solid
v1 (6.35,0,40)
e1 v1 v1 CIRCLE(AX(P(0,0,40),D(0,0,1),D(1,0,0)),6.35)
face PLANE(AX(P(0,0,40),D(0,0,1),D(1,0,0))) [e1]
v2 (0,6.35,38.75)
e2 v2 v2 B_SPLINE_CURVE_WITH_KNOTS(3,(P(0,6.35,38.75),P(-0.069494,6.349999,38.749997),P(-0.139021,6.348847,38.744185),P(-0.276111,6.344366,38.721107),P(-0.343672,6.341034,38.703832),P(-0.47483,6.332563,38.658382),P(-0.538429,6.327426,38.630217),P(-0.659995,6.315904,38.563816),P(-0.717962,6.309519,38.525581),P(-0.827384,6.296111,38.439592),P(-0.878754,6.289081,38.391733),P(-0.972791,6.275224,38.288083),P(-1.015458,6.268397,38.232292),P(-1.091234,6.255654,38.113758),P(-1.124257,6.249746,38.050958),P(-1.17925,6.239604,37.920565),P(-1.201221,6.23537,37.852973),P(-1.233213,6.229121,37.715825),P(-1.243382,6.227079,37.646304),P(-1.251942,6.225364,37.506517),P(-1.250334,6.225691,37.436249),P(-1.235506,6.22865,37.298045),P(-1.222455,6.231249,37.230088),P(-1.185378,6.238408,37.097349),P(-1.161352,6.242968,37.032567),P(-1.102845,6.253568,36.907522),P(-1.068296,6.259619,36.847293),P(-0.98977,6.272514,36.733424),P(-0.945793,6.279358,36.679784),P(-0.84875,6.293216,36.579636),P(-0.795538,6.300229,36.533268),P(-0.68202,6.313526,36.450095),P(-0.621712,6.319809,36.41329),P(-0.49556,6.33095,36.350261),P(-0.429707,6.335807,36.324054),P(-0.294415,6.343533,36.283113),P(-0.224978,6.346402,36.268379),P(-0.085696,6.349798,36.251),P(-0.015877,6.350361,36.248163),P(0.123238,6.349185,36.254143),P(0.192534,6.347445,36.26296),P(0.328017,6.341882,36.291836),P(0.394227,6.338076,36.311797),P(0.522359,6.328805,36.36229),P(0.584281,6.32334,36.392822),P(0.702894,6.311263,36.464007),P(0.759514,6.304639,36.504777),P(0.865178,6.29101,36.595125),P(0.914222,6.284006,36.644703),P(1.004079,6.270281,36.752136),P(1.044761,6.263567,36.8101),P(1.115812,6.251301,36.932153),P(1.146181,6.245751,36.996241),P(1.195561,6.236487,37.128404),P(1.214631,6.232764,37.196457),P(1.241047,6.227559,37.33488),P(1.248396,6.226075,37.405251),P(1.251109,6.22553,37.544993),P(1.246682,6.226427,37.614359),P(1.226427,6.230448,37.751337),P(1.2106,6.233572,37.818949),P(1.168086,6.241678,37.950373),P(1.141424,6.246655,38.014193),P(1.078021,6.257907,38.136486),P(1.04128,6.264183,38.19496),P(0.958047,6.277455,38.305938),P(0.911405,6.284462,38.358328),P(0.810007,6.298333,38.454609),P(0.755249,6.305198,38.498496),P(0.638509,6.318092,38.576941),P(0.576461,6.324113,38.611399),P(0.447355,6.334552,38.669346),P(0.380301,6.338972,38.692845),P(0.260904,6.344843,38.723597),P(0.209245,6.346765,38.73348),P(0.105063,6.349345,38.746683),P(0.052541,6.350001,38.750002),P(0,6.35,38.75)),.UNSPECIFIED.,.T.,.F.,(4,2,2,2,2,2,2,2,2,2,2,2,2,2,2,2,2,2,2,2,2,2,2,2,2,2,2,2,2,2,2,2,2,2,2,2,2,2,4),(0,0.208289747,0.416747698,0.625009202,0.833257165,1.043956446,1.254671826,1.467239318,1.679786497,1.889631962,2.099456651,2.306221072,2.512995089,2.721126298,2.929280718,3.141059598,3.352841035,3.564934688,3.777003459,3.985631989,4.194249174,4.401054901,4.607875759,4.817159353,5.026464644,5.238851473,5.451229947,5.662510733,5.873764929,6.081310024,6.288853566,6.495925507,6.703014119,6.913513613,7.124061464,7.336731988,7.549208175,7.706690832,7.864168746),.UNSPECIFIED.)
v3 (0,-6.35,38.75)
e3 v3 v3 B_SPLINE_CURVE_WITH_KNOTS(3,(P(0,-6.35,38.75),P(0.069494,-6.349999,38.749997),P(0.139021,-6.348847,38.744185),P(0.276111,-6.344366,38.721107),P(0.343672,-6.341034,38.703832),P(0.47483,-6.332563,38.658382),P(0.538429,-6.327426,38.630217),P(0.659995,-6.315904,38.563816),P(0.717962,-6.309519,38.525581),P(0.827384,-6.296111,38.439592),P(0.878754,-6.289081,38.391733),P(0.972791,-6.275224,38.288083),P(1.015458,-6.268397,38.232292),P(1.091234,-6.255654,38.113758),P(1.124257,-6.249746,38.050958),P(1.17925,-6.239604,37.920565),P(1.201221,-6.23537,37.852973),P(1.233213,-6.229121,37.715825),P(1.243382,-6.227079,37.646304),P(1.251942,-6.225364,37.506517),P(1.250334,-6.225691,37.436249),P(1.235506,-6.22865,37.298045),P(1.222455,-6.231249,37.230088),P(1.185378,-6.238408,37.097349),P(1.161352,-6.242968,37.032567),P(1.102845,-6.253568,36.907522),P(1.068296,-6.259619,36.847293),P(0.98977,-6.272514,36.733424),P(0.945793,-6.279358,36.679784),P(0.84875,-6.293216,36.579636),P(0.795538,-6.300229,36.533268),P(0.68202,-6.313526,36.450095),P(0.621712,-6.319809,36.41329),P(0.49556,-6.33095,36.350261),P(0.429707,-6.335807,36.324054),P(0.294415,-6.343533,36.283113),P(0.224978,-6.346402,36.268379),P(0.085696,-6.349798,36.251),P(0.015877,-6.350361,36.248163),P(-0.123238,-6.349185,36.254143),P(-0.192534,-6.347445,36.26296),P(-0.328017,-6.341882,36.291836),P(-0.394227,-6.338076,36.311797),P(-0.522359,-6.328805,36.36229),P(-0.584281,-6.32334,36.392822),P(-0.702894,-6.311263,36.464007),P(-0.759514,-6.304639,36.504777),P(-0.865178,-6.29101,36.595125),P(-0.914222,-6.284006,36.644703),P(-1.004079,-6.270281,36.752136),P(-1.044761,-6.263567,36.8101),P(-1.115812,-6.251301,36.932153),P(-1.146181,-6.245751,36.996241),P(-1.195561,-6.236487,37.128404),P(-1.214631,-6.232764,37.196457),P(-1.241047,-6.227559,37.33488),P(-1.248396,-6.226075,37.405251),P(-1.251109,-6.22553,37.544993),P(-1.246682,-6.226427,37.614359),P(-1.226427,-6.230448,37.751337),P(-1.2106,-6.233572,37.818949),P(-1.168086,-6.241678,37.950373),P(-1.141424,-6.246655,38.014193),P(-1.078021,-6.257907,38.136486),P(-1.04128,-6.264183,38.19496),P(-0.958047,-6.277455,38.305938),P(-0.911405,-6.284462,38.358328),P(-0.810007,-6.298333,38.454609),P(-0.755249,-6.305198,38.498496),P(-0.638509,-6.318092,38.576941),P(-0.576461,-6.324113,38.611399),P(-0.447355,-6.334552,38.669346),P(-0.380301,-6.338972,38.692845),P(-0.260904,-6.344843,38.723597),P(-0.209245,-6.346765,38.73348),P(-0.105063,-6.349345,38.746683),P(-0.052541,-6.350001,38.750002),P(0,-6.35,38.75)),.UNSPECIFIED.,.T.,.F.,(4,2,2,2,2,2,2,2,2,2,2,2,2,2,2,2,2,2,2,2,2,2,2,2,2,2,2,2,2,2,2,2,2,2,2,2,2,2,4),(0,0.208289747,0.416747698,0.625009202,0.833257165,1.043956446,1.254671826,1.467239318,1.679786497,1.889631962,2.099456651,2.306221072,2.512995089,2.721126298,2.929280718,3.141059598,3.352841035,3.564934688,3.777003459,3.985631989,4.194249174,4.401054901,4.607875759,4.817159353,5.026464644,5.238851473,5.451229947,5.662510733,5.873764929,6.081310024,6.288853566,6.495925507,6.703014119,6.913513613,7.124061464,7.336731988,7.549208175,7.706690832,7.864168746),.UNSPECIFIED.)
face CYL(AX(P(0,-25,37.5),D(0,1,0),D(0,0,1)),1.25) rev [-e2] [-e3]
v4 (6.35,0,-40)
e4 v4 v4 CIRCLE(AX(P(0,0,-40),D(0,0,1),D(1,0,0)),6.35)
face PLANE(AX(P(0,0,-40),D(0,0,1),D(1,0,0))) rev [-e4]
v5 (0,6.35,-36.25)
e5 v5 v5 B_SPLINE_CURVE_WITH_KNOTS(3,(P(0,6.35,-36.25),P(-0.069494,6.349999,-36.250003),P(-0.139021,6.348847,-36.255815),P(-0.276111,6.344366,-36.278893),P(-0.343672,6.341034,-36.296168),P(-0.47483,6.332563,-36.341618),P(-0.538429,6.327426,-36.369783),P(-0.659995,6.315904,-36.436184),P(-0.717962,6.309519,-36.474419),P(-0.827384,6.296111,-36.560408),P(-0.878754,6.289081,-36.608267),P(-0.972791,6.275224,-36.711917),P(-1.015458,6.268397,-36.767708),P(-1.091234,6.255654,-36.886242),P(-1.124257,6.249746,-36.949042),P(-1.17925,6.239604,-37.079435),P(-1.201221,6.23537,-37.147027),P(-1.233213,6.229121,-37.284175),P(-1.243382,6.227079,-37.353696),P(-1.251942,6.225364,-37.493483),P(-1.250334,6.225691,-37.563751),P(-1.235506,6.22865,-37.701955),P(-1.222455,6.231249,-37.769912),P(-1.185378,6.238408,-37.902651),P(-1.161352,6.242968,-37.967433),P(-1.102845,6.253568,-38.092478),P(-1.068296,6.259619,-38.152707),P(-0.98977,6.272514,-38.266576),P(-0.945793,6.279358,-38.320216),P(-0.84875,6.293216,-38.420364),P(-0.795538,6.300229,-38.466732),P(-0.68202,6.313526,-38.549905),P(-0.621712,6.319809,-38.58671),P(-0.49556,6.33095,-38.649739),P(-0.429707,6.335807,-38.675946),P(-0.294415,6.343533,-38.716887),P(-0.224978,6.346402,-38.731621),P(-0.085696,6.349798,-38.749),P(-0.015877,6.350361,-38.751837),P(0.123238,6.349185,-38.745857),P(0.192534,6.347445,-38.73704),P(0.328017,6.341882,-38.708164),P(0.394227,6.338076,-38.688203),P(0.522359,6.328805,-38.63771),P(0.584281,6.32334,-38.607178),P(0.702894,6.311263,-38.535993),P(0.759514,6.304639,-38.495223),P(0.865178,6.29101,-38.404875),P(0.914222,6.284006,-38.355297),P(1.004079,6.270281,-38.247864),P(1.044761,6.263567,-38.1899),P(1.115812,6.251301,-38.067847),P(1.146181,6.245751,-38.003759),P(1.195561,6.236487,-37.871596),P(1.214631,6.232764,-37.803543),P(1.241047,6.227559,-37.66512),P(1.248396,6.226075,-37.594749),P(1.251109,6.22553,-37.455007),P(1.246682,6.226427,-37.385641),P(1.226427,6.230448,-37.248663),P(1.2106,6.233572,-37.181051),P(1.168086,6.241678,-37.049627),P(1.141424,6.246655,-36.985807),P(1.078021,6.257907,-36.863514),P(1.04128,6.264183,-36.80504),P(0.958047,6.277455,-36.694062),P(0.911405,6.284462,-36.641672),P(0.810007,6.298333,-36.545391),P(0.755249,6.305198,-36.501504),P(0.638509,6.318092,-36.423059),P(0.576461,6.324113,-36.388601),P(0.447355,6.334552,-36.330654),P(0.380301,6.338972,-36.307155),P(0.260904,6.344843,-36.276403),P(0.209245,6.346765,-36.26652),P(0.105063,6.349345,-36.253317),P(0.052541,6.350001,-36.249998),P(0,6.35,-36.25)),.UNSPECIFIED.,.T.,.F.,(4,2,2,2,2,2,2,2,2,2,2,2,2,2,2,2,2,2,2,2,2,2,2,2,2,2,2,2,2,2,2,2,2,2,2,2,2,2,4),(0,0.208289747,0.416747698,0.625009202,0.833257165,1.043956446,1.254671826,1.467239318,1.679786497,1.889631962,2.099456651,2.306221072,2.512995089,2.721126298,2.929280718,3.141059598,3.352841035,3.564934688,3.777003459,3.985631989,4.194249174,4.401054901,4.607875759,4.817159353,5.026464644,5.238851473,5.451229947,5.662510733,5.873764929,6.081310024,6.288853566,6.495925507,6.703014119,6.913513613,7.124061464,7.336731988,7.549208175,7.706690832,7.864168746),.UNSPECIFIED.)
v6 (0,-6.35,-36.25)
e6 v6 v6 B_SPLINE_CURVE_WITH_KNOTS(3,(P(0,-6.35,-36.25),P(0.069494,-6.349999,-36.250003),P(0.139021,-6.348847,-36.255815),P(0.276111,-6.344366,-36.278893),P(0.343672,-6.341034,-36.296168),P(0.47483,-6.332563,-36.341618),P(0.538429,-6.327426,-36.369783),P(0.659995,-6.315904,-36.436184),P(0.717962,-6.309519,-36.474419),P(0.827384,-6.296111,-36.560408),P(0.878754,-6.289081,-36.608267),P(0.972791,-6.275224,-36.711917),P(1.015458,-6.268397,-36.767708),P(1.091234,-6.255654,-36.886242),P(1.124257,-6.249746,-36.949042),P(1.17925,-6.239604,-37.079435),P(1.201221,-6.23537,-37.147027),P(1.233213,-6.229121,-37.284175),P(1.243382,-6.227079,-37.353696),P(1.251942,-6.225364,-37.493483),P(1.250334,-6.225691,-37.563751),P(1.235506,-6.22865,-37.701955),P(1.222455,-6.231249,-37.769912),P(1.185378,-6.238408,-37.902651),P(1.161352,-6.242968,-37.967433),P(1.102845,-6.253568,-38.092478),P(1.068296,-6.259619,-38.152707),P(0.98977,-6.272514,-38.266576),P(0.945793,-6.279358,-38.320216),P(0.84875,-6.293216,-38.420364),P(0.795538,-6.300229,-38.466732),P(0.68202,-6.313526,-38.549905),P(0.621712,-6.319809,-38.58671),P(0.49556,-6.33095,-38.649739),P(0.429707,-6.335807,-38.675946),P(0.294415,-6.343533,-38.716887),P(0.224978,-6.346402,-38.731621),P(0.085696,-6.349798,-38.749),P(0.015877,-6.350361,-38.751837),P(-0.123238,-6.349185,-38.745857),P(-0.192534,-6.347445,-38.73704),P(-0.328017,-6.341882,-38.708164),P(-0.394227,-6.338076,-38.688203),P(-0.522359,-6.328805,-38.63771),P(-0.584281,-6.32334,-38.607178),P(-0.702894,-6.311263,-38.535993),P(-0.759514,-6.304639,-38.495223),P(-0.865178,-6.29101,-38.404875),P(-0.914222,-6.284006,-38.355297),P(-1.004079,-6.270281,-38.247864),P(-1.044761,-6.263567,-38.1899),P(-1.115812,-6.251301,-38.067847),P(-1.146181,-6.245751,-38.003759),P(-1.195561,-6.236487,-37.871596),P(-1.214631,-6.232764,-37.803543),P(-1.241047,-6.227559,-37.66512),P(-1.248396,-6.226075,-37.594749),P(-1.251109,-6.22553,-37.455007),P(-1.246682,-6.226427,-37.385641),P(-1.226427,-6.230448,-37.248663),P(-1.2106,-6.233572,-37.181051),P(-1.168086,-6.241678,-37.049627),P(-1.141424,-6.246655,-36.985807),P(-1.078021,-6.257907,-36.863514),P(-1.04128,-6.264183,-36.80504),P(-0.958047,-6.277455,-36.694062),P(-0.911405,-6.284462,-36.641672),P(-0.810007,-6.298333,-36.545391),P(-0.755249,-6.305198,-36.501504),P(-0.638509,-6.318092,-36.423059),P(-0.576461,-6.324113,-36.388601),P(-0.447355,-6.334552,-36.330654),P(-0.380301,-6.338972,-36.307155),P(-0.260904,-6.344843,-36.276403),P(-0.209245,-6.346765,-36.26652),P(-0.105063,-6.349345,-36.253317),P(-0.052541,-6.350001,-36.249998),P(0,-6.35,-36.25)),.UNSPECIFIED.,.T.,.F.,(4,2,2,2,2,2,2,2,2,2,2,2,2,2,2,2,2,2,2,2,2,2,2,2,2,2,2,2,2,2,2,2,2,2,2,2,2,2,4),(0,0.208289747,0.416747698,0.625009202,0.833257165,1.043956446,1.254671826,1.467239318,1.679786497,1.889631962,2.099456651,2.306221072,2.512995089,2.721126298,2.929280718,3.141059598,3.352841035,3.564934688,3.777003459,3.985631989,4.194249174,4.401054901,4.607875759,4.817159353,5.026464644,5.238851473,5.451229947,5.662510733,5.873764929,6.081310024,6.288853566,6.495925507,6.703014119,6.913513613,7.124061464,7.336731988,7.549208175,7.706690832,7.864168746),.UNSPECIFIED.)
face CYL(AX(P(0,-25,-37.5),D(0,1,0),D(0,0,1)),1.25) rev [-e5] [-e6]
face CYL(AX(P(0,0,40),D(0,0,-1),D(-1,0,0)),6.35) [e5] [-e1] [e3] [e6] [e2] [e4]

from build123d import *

# Parameters (mm, degrees)
SKETCH1_R           = 6.35
BOSS_EXTRUDE1_DEPTH = 40
SKETCH2_R           = 1.25
CUT_EXTRUDE1_DEPTH  = 25


with BuildPart() as part:
    # Sketch1 → Boss-Extrude1 (new, symmetric)
    with BuildSketch(Plane.XY):
        Circle(SKETCH1_R)
    extrude(amount=BOSS_EXTRUDE1_DEPTH, both=True)

    # Sketch2 → Cut-Extrude1 (cut, symmetric)
    with BuildSketch(Plane(origin=(0, 0, 0), x_dir=(1, 0, 0), z_dir=(0, 1, 0))):
        with Locations(Location((0, 37.5, 0), (0, 0, 270))):
            Circle(SKETCH2_R)
        with Locations(Location((0, -37.5, 0), (0, 0, 270))):
            Circle(SKETCH2_R)
    extrude(amount=CUT_EXTRUDE1_DEPTH, both=True, mode=Mode.SUBTRACT)


solid = part.part
